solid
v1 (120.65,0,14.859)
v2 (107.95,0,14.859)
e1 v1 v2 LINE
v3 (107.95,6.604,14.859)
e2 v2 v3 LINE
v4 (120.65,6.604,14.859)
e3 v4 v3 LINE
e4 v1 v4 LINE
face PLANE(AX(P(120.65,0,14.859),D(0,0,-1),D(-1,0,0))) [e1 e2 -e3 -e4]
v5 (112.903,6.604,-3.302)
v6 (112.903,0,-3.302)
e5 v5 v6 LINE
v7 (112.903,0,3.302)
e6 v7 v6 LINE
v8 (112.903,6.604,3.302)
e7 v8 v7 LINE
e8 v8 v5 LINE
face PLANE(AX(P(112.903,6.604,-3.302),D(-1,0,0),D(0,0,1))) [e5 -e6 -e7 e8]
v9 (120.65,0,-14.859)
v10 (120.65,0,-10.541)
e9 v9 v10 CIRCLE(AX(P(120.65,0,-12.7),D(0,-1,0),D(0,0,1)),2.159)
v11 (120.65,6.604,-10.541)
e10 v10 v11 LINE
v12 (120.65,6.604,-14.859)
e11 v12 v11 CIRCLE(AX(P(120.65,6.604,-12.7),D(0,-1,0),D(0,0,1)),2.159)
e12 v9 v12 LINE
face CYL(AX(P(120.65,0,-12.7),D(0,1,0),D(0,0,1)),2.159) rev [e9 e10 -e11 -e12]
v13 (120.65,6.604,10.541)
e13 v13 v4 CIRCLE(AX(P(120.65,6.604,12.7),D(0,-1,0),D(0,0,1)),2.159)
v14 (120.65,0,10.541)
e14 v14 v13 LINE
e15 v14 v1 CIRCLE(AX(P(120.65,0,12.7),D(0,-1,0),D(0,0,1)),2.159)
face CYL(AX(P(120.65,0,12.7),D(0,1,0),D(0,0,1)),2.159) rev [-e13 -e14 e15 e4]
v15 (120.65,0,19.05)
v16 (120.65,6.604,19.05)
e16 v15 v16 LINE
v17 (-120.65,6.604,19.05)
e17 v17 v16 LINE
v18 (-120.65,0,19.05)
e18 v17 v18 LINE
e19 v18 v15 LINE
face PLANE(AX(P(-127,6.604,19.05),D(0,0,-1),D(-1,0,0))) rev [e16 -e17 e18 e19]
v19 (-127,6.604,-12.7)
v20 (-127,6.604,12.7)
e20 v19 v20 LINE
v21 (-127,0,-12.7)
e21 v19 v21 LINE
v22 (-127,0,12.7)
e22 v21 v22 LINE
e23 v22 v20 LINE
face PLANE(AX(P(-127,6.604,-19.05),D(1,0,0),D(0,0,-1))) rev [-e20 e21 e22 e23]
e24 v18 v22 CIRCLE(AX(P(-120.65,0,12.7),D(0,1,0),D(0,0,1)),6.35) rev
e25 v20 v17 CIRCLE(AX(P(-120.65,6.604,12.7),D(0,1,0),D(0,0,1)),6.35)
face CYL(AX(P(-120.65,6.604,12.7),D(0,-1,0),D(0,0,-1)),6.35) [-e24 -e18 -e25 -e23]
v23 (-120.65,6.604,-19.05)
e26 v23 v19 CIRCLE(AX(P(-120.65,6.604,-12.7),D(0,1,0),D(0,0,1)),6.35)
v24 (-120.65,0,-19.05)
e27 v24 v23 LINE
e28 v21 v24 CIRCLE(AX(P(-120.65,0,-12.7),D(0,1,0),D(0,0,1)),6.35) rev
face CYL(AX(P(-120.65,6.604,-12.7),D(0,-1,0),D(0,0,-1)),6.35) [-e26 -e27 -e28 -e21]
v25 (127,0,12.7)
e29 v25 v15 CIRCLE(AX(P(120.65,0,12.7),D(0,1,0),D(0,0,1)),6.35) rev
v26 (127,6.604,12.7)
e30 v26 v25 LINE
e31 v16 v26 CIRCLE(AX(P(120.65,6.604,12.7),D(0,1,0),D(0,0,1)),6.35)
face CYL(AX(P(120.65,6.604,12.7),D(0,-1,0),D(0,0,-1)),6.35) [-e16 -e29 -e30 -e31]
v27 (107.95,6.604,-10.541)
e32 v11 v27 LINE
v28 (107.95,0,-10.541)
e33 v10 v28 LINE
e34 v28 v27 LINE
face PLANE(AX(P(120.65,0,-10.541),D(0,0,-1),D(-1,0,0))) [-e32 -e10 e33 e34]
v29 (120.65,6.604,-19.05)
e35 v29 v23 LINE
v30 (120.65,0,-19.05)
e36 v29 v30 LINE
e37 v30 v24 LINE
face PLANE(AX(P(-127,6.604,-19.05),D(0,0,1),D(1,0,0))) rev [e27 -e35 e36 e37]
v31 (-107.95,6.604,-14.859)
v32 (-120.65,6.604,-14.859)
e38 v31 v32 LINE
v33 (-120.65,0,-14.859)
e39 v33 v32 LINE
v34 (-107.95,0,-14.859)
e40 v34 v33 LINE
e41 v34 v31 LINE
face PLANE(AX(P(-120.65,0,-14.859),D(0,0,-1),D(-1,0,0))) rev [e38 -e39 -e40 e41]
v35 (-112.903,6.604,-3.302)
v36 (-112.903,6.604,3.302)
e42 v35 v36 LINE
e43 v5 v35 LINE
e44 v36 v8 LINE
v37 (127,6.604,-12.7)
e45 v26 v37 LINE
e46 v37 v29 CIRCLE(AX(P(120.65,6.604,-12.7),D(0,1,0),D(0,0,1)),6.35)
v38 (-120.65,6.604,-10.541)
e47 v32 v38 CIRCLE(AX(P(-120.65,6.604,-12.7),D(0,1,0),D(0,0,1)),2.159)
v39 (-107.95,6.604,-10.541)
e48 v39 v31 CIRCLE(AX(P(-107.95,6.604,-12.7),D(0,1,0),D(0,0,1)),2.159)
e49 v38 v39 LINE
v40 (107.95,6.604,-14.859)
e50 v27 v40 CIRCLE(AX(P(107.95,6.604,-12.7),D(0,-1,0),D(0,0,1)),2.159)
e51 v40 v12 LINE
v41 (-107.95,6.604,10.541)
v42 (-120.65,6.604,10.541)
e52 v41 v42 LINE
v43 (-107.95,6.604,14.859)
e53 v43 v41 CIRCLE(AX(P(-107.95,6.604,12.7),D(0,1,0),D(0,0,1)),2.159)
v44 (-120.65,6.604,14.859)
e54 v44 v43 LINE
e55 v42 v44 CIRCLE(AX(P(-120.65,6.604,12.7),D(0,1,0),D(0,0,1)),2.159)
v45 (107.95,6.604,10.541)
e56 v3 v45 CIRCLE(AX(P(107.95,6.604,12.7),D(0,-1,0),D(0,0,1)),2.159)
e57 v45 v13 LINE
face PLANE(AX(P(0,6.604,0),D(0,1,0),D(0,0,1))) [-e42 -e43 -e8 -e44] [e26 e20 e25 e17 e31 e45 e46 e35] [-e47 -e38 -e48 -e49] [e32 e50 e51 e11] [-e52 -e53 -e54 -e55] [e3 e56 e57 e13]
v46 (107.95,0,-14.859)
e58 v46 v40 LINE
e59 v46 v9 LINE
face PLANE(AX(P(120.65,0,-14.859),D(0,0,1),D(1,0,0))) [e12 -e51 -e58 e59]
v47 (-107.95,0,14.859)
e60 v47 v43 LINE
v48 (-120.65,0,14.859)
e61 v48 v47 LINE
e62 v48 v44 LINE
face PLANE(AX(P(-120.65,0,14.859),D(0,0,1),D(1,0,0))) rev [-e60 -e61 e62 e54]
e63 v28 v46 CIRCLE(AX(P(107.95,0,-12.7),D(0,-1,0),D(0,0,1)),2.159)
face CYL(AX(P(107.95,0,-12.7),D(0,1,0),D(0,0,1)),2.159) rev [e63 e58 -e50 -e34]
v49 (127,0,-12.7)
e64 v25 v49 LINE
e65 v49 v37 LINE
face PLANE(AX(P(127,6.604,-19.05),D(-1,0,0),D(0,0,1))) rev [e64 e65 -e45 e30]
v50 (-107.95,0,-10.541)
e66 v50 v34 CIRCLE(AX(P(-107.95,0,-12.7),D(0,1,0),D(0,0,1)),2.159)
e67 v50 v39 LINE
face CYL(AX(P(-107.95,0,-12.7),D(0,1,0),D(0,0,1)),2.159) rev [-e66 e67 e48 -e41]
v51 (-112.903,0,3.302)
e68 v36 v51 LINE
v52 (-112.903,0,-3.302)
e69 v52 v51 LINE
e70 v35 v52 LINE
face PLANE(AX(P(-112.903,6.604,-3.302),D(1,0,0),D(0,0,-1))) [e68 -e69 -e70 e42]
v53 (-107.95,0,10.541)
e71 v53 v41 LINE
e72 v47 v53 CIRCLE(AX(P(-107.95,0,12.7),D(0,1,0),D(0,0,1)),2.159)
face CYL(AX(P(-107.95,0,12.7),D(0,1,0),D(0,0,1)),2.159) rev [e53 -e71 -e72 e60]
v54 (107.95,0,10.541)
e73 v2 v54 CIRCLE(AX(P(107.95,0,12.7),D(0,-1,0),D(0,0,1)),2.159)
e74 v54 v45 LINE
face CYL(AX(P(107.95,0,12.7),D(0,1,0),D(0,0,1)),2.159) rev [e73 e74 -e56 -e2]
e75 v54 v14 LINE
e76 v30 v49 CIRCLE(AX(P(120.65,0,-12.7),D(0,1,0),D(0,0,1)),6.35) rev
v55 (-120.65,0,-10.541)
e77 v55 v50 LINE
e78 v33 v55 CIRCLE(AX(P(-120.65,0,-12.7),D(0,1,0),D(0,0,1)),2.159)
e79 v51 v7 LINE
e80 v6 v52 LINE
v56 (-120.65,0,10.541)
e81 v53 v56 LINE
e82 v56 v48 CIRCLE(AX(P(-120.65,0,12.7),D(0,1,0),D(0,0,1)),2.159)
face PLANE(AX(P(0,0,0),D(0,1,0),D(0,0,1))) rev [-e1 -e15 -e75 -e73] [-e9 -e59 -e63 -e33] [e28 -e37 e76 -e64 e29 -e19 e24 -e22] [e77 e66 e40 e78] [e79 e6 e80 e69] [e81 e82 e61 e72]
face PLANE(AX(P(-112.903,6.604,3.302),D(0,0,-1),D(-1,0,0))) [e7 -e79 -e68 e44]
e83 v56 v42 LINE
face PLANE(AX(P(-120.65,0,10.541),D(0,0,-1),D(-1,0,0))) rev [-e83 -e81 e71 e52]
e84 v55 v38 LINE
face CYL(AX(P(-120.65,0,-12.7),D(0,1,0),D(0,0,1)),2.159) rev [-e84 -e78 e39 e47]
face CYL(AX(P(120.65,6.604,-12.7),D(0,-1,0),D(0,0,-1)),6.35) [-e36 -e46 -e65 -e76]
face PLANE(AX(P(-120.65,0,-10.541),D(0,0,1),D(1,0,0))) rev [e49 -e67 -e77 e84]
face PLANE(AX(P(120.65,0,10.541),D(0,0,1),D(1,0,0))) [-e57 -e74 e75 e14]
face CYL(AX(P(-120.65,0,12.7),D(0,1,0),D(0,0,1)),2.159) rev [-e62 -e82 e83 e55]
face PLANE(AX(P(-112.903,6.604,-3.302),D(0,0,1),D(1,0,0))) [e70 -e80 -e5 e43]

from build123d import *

# Parameters (mm, degrees)
SKETCH1_W           = 254
SKETCH1_H           = 38.1
SKETCH1_W_2         = 225.806
SKETCH1_H_2         = 6.604
BOSS_EXTRUDE1_DEPTH = 6.604
CUT_EXTRUDE1_DEPTH  = 7.604
FILLET1_R           = 6.35


with BuildPart() as part:
    # Sketch1 → Boss-Extrude1 (new body)
    with BuildSketch(Plane(origin=(0, 0, 0), x_dir=(1, 0, 0), z_dir=(0, 1, 0))):
        Rectangle(SKETCH1_W, SKETCH1_H)
        Rectangle(SKETCH1_W_2, SKETCH1_H_2, mode=Mode.SUBTRACT)
    extrude(amount=BOSS_EXTRUDE1_DEPTH)

    # Sketch2 → Cut-Extrude1 (cut, through all)
    with BuildSketch(Plane(origin=(0, 6.604, 0), x_dir=(1, 0, 0), z_dir=(0, 1, 0))):
        with BuildLine():
            Line((-120.65, 14.859), (-107.95, 14.859))
            ThreePointArc((-107.95, 14.859), (-105.791, 12.7), (-107.95, 10.541))
            Line((-107.95, 10.541), (-120.65, 10.541))
            ThreePointArc((-120.65, 10.541), (-122.809, 12.7), (-120.65, 14.859))
        make_face()
        with BuildLine():
            Line((-120.65, -10.541), (-107.95, -10.541))
            ThreePointArc((-107.95, -10.541), (-105.791, -12.7), (-107.95, -14.859))
            Line((-107.95, -14.859), (-120.65, -14.859))
            ThreePointArc((-120.65, -14.859), (-122.809, -12.7), (-120.65, -10.541))
        make_face()
    cut_extrude1 = extrude(amount=-CUT_EXTRUDE1_DEPTH, mode=Mode.SUBTRACT)

    # Mirror1: Cut-Extrude1 across plane
    add(cut_extrude1.mirror(Plane(origin=(0, 0, 0), x_dir=(0, 0, 1), z_dir=(1, 0, 0))), mode=Mode.SUBTRACT)

    # Fillet1
    fillet1_edges = [part.edges().sort_by_distance(p)[0] for p in [
        (-127, 3.302, -19.05),
        (127, 3.302, -19.05),
        (127, 3.302, 19.05),
        (-127, 3.302, 19.05),
    ]]
    fillet(fillet1_edges, radius=FILLET1_R)


solid = part.part
